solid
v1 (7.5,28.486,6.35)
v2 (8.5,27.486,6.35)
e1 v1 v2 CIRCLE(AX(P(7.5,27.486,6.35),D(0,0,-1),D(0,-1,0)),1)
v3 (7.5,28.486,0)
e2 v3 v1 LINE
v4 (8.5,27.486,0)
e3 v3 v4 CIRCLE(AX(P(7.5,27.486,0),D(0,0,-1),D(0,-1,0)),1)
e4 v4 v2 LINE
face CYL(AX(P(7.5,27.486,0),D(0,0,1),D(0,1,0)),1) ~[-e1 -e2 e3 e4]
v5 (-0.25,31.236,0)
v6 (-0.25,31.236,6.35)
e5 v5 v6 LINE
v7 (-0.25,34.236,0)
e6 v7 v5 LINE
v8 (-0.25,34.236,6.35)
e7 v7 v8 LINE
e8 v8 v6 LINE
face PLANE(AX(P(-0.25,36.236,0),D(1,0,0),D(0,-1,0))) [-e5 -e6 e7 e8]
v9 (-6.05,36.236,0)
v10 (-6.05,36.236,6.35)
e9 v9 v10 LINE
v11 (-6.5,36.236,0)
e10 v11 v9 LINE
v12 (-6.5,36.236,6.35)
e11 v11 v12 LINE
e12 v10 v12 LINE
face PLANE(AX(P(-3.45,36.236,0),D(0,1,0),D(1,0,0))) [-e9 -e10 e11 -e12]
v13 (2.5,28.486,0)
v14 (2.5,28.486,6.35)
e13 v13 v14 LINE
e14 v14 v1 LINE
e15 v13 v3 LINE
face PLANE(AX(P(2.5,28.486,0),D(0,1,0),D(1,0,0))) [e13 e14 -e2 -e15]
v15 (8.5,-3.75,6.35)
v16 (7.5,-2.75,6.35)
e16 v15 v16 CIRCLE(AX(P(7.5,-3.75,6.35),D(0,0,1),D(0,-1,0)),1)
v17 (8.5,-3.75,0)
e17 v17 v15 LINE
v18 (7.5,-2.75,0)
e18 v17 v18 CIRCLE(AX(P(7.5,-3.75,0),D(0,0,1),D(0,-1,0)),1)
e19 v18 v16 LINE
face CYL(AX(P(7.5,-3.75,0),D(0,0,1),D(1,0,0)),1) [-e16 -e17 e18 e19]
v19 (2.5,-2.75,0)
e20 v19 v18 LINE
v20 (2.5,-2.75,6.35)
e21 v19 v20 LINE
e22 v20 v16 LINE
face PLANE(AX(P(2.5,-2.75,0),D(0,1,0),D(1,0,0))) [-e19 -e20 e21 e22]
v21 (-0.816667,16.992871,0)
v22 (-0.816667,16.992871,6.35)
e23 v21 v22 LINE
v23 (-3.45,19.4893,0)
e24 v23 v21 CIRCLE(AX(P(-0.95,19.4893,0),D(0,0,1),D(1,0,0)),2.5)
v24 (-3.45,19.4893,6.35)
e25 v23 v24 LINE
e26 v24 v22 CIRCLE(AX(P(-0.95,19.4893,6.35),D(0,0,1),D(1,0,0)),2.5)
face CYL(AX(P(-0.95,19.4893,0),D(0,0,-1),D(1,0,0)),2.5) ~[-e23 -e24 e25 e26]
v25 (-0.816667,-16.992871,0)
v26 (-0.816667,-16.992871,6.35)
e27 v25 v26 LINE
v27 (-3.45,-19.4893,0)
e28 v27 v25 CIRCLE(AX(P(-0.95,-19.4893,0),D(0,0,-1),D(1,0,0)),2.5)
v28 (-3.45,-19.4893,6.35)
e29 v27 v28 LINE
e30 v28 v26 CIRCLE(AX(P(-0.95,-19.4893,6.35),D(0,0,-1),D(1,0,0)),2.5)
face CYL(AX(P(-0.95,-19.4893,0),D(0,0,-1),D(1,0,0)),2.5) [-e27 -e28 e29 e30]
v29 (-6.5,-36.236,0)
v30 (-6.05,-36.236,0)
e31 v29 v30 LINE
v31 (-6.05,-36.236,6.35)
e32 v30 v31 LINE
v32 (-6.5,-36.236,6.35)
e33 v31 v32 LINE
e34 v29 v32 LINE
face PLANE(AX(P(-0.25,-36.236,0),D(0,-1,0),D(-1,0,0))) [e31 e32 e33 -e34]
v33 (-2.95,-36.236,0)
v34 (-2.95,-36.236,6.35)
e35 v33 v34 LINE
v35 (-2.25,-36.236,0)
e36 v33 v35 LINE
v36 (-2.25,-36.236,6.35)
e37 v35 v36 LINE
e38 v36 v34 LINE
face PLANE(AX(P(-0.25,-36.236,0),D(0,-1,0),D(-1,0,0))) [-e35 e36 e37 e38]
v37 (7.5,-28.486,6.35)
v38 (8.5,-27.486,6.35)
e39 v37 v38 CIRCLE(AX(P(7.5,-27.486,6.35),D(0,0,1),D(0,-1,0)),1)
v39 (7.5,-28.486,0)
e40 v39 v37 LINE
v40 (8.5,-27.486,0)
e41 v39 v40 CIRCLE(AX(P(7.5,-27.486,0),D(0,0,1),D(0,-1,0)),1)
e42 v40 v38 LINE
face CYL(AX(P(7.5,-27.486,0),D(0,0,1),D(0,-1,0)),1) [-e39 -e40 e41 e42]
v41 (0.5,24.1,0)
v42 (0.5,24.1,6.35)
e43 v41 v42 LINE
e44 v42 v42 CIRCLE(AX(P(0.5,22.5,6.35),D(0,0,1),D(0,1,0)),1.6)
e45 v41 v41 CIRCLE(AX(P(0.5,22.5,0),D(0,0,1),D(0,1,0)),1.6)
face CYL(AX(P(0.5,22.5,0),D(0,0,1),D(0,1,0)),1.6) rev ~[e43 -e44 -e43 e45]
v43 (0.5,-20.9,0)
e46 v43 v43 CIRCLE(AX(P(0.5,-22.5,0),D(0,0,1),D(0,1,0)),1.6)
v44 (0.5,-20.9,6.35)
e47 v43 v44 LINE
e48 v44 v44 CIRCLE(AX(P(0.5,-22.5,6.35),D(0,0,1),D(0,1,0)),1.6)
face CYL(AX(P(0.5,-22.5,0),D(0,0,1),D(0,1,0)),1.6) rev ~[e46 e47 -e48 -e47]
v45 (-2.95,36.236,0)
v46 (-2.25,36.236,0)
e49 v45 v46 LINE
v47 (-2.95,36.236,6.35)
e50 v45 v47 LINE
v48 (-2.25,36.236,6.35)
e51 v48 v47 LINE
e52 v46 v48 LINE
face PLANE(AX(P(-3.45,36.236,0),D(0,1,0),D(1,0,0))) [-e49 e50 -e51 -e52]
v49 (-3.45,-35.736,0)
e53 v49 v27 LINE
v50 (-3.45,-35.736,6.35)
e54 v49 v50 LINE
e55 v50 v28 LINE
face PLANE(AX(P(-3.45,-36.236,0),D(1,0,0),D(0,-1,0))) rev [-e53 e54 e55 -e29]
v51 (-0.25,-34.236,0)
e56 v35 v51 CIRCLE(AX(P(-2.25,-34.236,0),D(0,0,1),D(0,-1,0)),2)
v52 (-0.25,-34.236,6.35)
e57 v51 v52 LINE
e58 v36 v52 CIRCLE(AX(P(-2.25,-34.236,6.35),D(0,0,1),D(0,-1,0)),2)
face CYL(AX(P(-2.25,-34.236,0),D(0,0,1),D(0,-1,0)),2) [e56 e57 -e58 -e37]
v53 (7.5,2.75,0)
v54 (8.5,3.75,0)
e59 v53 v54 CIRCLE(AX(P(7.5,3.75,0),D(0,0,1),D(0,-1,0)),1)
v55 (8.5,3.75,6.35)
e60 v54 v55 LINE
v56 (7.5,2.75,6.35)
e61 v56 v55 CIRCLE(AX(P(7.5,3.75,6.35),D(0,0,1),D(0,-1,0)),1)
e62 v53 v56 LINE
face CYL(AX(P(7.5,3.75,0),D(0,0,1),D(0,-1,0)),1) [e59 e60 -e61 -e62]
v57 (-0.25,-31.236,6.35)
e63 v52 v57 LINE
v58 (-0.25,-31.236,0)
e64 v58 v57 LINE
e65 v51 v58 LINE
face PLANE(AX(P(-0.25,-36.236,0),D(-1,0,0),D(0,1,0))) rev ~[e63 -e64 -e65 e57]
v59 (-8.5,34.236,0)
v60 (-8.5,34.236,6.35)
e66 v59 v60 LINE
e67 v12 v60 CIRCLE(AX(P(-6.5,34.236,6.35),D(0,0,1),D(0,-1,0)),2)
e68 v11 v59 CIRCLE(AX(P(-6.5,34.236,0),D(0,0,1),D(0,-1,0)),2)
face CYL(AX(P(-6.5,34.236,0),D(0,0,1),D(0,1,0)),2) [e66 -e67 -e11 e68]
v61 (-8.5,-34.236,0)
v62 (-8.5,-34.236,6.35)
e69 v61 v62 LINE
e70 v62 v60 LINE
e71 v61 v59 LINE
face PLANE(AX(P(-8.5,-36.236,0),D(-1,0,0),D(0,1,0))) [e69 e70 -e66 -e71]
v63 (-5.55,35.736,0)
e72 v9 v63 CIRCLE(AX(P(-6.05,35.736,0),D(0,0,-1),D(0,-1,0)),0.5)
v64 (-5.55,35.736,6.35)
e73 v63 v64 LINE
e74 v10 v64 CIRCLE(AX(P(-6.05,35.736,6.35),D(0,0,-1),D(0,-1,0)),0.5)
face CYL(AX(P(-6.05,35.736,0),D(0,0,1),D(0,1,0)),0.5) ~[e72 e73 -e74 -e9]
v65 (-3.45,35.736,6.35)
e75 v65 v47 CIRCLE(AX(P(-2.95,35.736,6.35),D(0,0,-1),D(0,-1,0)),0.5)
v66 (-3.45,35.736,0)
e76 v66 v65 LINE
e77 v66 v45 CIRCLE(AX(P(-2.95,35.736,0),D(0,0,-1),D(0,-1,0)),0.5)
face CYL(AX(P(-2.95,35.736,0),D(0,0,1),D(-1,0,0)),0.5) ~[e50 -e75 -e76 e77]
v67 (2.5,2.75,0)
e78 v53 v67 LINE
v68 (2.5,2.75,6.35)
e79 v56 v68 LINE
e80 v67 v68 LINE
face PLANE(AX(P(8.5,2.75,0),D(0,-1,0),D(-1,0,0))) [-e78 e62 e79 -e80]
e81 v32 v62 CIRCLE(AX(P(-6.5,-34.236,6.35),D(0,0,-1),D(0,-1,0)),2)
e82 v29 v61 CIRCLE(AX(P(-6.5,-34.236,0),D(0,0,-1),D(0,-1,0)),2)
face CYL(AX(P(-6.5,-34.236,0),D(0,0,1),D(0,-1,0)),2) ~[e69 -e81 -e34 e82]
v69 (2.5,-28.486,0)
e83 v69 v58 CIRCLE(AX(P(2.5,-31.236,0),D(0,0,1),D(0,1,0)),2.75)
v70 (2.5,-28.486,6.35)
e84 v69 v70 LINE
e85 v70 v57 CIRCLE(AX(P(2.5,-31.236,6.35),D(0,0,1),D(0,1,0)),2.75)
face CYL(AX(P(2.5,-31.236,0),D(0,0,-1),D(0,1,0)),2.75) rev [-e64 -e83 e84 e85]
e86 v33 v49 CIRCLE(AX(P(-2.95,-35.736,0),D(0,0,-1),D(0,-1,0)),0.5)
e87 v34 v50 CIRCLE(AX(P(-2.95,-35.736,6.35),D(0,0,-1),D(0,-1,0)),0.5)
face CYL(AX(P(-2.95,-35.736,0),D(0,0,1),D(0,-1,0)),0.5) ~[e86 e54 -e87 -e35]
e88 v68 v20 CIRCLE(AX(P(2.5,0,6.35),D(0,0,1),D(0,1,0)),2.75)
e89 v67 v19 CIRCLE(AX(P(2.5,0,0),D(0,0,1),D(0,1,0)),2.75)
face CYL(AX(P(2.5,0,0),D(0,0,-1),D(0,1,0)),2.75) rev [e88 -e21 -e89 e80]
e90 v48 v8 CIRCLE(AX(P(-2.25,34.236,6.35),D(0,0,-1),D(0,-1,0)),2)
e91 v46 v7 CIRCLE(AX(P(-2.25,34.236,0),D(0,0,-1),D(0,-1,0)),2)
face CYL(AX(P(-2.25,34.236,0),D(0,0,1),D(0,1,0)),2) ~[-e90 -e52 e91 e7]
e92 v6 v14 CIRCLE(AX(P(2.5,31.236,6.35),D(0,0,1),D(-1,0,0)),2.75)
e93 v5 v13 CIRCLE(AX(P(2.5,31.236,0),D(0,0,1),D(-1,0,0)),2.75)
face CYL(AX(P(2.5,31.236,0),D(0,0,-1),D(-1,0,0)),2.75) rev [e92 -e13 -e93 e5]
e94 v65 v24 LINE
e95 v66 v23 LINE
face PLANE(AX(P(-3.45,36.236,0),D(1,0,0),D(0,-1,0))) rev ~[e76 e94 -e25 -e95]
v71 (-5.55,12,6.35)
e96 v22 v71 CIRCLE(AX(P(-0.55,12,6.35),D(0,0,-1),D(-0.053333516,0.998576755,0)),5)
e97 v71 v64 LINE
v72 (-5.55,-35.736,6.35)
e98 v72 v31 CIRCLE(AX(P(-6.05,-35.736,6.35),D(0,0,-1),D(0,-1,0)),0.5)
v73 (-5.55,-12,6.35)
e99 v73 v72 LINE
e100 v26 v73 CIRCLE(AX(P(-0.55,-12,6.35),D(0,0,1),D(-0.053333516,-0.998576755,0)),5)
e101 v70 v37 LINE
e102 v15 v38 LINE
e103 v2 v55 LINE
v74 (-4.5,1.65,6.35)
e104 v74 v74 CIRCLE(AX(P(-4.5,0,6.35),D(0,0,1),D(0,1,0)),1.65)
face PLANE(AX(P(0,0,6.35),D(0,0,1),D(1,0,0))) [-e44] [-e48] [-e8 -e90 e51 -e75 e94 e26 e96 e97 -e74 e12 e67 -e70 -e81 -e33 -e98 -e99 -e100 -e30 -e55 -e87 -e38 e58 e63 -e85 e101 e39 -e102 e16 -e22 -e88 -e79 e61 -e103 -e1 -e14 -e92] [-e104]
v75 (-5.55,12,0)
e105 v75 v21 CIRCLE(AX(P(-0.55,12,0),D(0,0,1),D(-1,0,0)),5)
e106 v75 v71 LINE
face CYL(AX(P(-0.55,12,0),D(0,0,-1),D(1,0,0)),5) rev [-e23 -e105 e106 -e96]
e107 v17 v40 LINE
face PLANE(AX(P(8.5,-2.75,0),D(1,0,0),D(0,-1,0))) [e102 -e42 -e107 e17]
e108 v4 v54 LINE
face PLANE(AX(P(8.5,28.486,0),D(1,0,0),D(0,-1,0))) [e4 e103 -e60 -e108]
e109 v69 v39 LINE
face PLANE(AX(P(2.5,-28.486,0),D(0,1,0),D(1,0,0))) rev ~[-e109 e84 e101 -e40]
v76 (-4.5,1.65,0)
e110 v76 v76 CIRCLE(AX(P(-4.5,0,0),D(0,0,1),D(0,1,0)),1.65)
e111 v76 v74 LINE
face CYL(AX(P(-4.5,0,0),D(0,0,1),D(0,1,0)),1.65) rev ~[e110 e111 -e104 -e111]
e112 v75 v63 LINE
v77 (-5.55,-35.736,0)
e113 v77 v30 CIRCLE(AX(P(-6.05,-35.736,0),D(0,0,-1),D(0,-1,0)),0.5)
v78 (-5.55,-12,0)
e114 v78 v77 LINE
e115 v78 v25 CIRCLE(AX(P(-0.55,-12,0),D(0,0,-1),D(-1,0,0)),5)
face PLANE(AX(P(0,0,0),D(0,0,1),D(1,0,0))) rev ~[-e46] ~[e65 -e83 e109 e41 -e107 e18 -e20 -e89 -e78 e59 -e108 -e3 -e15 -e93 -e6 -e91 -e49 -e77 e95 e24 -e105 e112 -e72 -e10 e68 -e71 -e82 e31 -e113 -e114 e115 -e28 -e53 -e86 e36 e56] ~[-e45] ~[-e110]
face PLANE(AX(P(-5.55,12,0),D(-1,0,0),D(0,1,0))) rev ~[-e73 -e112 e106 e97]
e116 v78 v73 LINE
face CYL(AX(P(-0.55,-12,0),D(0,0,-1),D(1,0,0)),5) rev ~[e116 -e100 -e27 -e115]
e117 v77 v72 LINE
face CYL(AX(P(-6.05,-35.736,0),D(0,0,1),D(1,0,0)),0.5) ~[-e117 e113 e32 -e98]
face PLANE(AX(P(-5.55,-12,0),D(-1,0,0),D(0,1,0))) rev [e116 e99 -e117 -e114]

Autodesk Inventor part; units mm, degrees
ref_plane "YZ Plane" through (0, 0, 0) normal (1, 0, 0) x (0, 1, 0)
ref_plane "XZ Plane" through (0, 0, 0) normal (0, 1, 0) x (-1, 0, 0)
ref_plane "XY Plane" through (0, 0, 0) normal (0, 0, 1) x (1, 0, 0)
sketch "Sketch1" plane through (0, 0, 0) normal (0, 0, 1) x (1, 0, 0)
  line L0 (8.5, -36.236) -> (-8.5, -36.236)
  line L1 (-8.5, -36.236) -> (-8.5, 36.236)
  line L2 (-8.5, 36.236) -> (8.5, 36.236)
  line L3 (8.5, 36.236) -> (8.5, -36.236)
  line L4 (8.5, -36.236) -> (-8.5, 36.236) construction
  line L5 (-8.5, -36.236) -> (8.5, 36.236) construction
  line L6 (8.5, 0) -> (2.5, 0) construction
  line L7 (8.5, 2.75) -> (2.5, 2.75)
  line L8 (2.5, -2.75) -> (8.5, -2.75)
  arc A0 (8.5, -2.75) -> (8.5, 2.75) centre (8.5, 0) ccw
  arc A1 (2.5, 2.75) -> (2.5, -2.75) centre (2.5, 0) ccw
  line L9 (8.5, 36.236) -> (-0.25, 36.236)
  line L10 (-0.25, 36.236) -> (-0.25, 31.236)
  line L11 (2.5, 28.486) -> (8.5, 28.486)
  line L12 (8.5, 28.486) -> (8.5, 36.236)
  line L13 (8.5, -36.236) -> (-0.25, -36.236)
  line L14 (-0.25, -36.236) -> (-0.25, -31.236)
  line L15 (2.5, -28.486) -> (8.5, -28.486)
  line L16 (8.5, -28.486) -> (8.5, -36.236)
  arc A2 (2.5, -28.486) -> (-0.25, -31.236) centre (2.5, -31.236) ccw
  arc A3 (-0.25, 31.236) -> (2.5, 28.486) centre (2.5, 31.236) ccw
  line L17 (0.5, 22.5) -> (0.5, -22.5) construction
  line L18 (-5.55, 36.236) -> (-3.45, 36.236)
  line L19 (-3.45, 36.236) -> (-3.45, -36.236)
  line L20 (-3.45, -36.236) -> (-5.55, -36.236)
  line L21 (-5.55, -36.236) -> (-5.55, 36.236)
  line L22 (-8.5, 36.236) -> (-0.25, 36.236)
  circle A4 centre (-0.55, 12) radius 3.5
  circle A5 centre (-0.55, 12) radius 5
  circle A6 centre (-0.95, 19.4893) radius 2.5
  circle A7 centre (-4.5, 0) radius 4 construction
  point P0 (0, 0)
  point P1 (5.5, 0)
  point P2 (0.5, 0)
  point P3 (-8.5, 0)
  point P4 (-0.25, -36.236)
  point P5 (8.5, -28.486)
  point P6 (-0.25, 36.236)
  point P7 (-0.8167, 16.9929)
  point P8 (-3.45, 19.4893)
  point P9 (-3.45, 36.236)
  point P10 (-5.55, 36.236)
  point P11 (-5.55, 12)
  dimension "d0" = 17
  dimension "d1" = 72.472
  dimension "d3" = 5.5
  dimension "d4" = 11
  dimension "d6" = 5
  dimension "d7" = 5
  dimension "d8" = 45
  dimension "d9" = 9
  dimension "d22" = 2.1
  dimension "d24" = 7
  dimension "d25" = 1.5
  dimension "d26" = 5
  dimension "d27" = 12
  dimension "d29" = 8
  dimension "d40" = 2.95
extrude "Extrusion1" add sketch "Sketch1" along normal blind 6.35 contours L0 L19 A5 A6 L2 L10 A3 L11 L3 L7 A1 L8 L15 A2 L14 | L0 L21 A5 L19 | L0 L1 L2 L21 | A5 L19 A4 | L19 A4 A5 | L21 L2 L19 A5 | A4 L19 | L19 A4 | L19 A6 A5 | A6
fillet "Fillet1" radius 2 2 edges at (-8.5, -36.236, 3.175) (-8.5, 36.236, 3.175)
fillet "Fillet2" radius 2 2 edges at (-0.25, -36.236, 3.175) (-0.25, 36.236, 3.175)
fillet "Fillet3" radius 1 4 edges at (8.5, -28.486, 3.175) (8.5, -2.75, 3.175) (8.5, 2.75, 3.175) (8.5, 28.486, 3.175)
hole "Hole1" at (0.5, 22.5, 0) at (0.5, -22.5, 0) direction (0, 0, 1) diameter 3.2 end through all
hole "Hole2" at (-4.5, 0, 0) direction (0, 0, 1) diameter 3.3 end through all
extrude "Extrusion2" cut sketch "Sketch1" along normal blind 6.35 contours A5 L19 A4 | L19 A4 A5 | L21 L2 L19 A5 | A4 L19 | L19 A4 | L19 A6 A5
mirror "Mirror1" about plane through (0, 0, 0) normal (0, 1, 0) of "Extrusion2"
fillet "Fillet4" radius 0.5 4 edges at (-5.55, 36.236, 3.175) (-3.45, 36.236, 3.175) (-3.45, -36.236, 3.175) (-5.55, -36.236, 3.175)
equation "\"d7\" = d6"
properties part number "Gantry Belt Clamp" material "Aluminum 6061"
